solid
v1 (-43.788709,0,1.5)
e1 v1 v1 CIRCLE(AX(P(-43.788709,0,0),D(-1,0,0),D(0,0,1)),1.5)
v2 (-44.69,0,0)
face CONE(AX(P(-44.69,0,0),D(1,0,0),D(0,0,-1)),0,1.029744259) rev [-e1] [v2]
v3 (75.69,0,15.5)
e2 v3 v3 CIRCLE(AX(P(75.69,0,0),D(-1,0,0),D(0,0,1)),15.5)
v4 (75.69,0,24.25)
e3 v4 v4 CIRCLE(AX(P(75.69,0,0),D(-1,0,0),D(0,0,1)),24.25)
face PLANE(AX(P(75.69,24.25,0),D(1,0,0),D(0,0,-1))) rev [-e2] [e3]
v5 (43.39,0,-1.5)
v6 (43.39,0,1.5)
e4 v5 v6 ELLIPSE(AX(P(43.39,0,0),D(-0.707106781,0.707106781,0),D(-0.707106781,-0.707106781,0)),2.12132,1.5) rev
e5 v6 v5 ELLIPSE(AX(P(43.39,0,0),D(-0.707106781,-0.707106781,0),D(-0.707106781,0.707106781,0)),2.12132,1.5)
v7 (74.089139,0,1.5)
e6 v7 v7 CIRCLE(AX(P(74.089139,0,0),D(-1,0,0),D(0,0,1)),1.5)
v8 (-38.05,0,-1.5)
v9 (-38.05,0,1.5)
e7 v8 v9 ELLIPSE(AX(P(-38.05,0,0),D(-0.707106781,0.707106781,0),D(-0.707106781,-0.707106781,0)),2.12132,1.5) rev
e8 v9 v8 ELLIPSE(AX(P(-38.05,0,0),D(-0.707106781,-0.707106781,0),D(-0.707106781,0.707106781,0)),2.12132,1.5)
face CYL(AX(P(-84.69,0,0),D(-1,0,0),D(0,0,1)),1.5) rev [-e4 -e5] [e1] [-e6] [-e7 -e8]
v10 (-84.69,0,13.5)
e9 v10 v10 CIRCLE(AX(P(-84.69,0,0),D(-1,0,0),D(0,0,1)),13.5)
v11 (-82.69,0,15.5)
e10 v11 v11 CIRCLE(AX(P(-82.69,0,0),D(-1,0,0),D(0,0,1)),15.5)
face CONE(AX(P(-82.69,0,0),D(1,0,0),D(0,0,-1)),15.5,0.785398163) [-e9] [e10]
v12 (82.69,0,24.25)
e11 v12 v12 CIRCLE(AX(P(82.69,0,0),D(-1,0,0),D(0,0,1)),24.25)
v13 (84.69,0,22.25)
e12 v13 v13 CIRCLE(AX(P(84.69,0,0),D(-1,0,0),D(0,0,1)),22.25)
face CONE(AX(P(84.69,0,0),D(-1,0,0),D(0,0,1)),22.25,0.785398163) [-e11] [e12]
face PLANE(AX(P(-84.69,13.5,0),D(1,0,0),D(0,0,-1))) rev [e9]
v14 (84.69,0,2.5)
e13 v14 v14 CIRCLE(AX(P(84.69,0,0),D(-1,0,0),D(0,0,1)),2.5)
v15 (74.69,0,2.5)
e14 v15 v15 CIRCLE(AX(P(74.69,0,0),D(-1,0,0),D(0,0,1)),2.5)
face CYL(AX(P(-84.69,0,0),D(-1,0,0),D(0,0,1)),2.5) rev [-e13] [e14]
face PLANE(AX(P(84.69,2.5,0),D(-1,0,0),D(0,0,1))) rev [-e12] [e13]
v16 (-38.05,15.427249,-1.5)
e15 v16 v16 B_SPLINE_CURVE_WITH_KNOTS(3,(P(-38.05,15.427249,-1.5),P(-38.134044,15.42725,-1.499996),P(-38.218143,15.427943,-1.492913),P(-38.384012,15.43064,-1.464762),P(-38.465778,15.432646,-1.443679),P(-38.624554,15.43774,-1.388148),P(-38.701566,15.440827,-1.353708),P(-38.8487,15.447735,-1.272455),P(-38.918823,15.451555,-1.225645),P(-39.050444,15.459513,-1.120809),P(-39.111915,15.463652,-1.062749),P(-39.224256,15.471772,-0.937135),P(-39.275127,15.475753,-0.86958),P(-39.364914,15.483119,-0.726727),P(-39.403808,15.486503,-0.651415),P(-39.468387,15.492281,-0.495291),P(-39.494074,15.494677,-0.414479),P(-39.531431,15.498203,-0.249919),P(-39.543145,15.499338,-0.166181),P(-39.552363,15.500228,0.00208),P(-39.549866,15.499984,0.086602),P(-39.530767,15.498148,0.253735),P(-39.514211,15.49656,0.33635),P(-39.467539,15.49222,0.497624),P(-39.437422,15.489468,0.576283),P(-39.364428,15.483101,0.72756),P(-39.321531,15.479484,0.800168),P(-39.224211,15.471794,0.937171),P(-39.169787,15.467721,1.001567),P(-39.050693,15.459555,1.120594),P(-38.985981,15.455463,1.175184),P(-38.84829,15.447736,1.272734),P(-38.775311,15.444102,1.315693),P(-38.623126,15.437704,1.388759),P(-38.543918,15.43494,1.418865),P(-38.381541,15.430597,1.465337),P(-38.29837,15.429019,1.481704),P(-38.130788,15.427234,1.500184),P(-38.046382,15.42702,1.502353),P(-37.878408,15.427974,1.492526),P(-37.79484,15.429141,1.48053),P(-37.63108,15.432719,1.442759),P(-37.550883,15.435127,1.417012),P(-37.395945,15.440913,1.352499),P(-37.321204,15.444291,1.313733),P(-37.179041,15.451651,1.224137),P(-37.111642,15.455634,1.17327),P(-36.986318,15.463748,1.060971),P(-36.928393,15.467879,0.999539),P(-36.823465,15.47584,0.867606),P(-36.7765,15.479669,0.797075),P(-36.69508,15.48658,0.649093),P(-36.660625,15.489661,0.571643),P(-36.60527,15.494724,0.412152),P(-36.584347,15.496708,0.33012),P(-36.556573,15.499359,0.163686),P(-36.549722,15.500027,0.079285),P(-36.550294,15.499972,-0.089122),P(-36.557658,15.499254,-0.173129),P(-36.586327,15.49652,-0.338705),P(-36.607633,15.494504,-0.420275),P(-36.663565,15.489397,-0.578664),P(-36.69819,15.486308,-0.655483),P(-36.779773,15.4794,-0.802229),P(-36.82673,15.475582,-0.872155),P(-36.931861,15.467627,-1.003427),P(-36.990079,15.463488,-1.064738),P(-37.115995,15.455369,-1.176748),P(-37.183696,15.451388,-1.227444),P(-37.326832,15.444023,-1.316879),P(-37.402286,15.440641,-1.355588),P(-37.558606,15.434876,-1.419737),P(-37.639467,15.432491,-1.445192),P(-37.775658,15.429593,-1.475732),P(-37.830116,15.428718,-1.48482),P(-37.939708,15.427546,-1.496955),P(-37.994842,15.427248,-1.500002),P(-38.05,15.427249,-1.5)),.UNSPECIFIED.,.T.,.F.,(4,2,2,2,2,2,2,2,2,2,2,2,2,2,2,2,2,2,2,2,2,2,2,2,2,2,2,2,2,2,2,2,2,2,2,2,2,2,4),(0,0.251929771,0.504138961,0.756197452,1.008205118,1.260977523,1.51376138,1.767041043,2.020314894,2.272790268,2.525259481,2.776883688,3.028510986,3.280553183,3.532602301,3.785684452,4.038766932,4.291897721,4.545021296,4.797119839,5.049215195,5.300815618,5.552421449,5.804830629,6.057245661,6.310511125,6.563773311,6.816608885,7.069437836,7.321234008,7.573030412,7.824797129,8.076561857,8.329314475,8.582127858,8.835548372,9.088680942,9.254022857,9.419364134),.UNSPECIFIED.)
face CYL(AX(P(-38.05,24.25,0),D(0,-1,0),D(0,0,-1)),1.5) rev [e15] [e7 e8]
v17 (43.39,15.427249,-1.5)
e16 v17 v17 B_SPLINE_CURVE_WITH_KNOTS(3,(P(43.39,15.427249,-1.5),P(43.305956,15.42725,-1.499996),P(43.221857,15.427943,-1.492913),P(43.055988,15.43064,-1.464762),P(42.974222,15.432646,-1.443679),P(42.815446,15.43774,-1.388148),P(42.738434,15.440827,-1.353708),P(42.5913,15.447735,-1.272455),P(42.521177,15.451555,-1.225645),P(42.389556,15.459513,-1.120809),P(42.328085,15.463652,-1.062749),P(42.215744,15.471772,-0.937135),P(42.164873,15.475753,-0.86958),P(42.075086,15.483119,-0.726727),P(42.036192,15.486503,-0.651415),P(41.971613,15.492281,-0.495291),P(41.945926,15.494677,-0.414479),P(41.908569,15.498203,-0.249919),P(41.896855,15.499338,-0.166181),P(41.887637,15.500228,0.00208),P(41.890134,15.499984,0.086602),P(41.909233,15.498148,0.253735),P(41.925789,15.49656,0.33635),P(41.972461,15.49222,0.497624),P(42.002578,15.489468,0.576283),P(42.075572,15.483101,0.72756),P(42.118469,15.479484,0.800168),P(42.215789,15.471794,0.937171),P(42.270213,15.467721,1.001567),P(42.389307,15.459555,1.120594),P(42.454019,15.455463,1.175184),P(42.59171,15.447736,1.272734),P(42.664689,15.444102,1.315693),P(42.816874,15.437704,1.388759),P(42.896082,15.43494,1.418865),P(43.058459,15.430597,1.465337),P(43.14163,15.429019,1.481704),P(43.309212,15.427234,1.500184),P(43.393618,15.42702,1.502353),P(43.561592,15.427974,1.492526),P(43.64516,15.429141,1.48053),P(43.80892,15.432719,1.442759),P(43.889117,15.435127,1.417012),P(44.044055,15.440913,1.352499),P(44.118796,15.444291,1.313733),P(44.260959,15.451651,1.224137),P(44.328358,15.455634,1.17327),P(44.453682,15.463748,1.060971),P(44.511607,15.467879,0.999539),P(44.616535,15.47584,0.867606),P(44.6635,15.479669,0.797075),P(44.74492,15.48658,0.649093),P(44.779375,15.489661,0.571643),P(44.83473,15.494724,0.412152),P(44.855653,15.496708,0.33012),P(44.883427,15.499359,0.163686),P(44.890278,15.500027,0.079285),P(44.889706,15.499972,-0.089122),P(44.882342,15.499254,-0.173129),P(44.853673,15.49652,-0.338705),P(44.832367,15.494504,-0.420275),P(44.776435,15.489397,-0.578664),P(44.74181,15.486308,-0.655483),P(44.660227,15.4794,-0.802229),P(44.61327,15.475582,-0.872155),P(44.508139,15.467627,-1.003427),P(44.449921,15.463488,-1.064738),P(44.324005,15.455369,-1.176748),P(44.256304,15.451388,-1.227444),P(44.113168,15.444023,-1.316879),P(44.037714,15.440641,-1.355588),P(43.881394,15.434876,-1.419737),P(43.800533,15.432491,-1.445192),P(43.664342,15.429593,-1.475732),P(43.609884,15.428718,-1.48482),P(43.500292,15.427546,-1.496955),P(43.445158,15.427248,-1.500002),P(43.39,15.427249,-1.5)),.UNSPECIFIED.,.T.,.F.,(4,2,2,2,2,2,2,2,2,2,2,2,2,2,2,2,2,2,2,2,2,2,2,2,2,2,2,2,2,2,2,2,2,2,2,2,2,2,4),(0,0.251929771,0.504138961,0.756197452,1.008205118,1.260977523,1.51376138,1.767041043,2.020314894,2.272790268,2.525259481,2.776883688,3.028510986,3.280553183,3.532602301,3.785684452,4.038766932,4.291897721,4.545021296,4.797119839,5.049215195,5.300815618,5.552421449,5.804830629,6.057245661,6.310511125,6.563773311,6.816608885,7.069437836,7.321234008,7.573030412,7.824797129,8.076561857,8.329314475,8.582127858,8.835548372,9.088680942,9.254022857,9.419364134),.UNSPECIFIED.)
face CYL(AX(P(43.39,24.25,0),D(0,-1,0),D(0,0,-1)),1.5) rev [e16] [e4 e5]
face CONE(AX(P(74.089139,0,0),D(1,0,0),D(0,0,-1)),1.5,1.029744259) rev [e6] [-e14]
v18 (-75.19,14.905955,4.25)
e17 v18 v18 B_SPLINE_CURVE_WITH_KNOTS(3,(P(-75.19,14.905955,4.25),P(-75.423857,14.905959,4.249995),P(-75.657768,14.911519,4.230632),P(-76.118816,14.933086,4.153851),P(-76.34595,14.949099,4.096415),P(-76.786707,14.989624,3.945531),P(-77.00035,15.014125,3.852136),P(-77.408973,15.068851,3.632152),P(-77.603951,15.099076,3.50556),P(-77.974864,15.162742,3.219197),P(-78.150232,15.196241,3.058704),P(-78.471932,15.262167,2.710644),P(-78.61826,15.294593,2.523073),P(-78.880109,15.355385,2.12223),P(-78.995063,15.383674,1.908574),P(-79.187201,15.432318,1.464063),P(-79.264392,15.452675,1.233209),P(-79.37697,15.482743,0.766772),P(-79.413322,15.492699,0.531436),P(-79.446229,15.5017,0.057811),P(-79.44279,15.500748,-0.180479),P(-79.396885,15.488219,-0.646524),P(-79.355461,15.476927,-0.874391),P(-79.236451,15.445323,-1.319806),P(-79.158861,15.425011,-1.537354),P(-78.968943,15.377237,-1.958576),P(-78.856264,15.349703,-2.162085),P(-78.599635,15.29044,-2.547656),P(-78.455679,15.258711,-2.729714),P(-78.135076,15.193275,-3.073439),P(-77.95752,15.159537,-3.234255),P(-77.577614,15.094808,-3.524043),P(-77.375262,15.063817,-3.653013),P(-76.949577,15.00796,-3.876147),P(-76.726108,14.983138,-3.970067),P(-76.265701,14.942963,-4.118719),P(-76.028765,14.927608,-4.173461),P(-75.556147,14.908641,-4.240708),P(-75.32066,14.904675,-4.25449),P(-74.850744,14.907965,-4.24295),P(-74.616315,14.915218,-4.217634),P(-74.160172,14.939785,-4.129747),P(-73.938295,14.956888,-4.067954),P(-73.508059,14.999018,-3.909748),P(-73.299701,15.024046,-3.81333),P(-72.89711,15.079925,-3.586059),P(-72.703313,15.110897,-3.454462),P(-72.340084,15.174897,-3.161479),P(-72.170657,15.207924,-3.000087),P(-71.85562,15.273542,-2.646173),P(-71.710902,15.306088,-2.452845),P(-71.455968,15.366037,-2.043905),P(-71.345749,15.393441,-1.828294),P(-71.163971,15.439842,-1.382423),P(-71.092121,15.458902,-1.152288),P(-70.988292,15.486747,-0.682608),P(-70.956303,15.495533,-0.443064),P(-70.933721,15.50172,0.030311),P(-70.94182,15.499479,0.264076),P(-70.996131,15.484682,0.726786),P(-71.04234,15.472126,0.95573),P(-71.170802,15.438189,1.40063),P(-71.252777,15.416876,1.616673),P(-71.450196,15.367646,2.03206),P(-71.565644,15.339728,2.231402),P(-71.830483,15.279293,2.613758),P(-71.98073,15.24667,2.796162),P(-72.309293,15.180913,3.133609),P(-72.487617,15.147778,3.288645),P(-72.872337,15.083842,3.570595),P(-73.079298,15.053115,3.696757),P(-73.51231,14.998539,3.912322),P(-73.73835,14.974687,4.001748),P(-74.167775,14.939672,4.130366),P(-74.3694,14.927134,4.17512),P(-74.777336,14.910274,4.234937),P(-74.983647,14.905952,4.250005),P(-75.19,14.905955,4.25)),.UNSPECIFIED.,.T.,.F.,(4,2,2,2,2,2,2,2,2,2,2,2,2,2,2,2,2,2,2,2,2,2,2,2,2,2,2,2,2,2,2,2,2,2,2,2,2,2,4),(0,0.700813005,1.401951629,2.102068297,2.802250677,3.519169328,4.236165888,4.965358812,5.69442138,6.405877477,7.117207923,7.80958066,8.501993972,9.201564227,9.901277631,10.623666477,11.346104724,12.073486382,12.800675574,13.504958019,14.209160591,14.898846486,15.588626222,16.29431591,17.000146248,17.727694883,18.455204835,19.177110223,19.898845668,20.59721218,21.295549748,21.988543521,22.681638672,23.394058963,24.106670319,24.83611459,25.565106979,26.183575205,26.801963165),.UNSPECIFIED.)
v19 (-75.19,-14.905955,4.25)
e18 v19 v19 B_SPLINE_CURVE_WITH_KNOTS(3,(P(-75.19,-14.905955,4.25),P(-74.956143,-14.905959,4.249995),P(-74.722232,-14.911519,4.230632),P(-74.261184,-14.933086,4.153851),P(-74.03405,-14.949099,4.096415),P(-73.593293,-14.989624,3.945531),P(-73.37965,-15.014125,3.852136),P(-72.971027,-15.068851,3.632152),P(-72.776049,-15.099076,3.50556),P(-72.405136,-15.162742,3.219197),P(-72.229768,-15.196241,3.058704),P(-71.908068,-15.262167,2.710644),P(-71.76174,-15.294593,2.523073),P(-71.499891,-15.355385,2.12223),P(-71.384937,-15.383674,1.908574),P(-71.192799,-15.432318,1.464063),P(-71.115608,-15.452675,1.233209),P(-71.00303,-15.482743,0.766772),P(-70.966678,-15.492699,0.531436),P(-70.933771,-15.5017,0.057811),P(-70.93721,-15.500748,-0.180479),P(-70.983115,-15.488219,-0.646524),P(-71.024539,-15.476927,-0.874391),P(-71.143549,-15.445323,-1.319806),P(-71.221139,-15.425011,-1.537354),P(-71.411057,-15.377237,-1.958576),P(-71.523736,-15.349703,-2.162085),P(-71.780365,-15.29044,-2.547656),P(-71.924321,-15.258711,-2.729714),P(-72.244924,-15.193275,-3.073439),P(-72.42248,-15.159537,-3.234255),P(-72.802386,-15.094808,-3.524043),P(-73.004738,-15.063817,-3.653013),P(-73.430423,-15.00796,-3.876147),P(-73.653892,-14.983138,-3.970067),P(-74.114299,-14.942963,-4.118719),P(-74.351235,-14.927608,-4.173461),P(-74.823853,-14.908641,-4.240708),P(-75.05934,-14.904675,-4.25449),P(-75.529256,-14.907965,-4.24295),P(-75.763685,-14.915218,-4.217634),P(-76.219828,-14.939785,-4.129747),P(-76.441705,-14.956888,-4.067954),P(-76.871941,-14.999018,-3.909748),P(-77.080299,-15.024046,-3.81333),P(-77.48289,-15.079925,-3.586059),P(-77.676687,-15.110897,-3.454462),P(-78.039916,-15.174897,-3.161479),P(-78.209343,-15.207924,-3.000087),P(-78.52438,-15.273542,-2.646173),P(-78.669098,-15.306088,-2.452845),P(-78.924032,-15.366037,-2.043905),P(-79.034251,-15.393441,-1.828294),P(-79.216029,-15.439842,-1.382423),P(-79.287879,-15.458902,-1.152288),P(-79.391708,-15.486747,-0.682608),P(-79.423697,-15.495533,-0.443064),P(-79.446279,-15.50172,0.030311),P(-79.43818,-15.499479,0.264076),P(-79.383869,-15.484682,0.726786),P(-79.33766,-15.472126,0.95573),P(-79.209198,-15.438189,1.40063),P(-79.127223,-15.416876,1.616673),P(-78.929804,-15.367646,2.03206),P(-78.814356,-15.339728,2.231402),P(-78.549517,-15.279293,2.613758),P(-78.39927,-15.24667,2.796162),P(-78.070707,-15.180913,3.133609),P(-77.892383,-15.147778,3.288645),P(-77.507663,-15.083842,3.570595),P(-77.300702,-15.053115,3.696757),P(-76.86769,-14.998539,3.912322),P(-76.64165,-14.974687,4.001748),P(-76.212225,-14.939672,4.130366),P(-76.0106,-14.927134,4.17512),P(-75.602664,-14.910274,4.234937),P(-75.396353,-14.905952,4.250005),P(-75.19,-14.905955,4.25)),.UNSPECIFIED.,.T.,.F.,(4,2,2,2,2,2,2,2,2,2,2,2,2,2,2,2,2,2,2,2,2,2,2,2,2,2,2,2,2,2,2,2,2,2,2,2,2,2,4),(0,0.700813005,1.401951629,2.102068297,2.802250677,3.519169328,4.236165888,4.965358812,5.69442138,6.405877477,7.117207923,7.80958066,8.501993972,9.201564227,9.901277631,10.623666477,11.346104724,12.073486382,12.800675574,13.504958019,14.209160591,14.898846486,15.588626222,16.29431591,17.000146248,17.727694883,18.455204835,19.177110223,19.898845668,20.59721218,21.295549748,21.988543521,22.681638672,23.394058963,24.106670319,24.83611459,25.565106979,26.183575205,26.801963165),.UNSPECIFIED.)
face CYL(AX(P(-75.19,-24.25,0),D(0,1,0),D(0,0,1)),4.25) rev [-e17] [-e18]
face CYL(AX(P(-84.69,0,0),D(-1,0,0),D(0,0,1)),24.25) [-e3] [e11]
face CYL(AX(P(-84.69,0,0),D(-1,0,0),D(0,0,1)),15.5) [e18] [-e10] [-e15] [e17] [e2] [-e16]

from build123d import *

# Parameters (mm, degrees)
ESBO_O2_R                  = 1.5
CORTE_EXTRUS_O1_DEPTH      = 92.370241873
CORTE_EXTRUS_O2_DEPTH      = 92.370241873
CORTE_EXTRUS_O2_DEPTH_BACK = 92.370241873
ESBO_O3_R                  = 4.25


with BuildPart() as part:
    # Esboço1 → Revolução1 (revolve)
    with BuildSketch(Plane.XY, mode=Mode.PRIVATE) as revolu_o1_sk:
        Polygon((84.69, 2.5), (84.69, 22.25), (82.69, 24.25), (75.69, 24.25), (75.69, 15.5), (-82.69, 15.5), (-84.69, 13.5), (-84.69, 0), (-44.69, 0), (-43.788709071, 1.5), (74.089139381, 1.5), (74.69, 2.5), align=None)
    revolve(revolu_o1_sk.sketch.rotate(Axis((-84.69, 0, 0), (1, 0, 0)), 90), axis=Axis((-84.69, 0, 0), (1, 0, 0)))

    # Esboço2 → Corte-extrusão1 (cut, through all)
    with BuildSketch(Plane(origin=(0, 0, 0), x_dir=(1, 0, 0), z_dir=(0, 1, 0))):
        with Locations(Location((43.39, 0, 0), (0, 0, 90))):
            Circle(ESBO_O2_R)
        with Locations(Location((-38.05, 0, 0), (0, 0, 90))):
            Circle(ESBO_O2_R)
    extrude(amount=CORTE_EXTRUS_O1_DEPTH, mode=Mode.SUBTRACT)

    # Esboço3 → Corte-extrusão2 (cut, two sides: drawn at the far end of the back side and taken through both)
    with BuildSketch(Plane(origin=(0, 0, 0), x_dir=(1, 0, 0), z_dir=(0, 1, 0)).offset(-CORTE_EXTRUS_O2_DEPTH_BACK)):
        with Locations(Location((-75.19, 0, 0), (0, 0, 270))):
            Circle(ESBO_O3_R)
    extrude(amount=CORTE_EXTRUS_O2_DEPTH + CORTE_EXTRUS_O2_DEPTH_BACK, mode=Mode.SUBTRACT)


solid = part.part
